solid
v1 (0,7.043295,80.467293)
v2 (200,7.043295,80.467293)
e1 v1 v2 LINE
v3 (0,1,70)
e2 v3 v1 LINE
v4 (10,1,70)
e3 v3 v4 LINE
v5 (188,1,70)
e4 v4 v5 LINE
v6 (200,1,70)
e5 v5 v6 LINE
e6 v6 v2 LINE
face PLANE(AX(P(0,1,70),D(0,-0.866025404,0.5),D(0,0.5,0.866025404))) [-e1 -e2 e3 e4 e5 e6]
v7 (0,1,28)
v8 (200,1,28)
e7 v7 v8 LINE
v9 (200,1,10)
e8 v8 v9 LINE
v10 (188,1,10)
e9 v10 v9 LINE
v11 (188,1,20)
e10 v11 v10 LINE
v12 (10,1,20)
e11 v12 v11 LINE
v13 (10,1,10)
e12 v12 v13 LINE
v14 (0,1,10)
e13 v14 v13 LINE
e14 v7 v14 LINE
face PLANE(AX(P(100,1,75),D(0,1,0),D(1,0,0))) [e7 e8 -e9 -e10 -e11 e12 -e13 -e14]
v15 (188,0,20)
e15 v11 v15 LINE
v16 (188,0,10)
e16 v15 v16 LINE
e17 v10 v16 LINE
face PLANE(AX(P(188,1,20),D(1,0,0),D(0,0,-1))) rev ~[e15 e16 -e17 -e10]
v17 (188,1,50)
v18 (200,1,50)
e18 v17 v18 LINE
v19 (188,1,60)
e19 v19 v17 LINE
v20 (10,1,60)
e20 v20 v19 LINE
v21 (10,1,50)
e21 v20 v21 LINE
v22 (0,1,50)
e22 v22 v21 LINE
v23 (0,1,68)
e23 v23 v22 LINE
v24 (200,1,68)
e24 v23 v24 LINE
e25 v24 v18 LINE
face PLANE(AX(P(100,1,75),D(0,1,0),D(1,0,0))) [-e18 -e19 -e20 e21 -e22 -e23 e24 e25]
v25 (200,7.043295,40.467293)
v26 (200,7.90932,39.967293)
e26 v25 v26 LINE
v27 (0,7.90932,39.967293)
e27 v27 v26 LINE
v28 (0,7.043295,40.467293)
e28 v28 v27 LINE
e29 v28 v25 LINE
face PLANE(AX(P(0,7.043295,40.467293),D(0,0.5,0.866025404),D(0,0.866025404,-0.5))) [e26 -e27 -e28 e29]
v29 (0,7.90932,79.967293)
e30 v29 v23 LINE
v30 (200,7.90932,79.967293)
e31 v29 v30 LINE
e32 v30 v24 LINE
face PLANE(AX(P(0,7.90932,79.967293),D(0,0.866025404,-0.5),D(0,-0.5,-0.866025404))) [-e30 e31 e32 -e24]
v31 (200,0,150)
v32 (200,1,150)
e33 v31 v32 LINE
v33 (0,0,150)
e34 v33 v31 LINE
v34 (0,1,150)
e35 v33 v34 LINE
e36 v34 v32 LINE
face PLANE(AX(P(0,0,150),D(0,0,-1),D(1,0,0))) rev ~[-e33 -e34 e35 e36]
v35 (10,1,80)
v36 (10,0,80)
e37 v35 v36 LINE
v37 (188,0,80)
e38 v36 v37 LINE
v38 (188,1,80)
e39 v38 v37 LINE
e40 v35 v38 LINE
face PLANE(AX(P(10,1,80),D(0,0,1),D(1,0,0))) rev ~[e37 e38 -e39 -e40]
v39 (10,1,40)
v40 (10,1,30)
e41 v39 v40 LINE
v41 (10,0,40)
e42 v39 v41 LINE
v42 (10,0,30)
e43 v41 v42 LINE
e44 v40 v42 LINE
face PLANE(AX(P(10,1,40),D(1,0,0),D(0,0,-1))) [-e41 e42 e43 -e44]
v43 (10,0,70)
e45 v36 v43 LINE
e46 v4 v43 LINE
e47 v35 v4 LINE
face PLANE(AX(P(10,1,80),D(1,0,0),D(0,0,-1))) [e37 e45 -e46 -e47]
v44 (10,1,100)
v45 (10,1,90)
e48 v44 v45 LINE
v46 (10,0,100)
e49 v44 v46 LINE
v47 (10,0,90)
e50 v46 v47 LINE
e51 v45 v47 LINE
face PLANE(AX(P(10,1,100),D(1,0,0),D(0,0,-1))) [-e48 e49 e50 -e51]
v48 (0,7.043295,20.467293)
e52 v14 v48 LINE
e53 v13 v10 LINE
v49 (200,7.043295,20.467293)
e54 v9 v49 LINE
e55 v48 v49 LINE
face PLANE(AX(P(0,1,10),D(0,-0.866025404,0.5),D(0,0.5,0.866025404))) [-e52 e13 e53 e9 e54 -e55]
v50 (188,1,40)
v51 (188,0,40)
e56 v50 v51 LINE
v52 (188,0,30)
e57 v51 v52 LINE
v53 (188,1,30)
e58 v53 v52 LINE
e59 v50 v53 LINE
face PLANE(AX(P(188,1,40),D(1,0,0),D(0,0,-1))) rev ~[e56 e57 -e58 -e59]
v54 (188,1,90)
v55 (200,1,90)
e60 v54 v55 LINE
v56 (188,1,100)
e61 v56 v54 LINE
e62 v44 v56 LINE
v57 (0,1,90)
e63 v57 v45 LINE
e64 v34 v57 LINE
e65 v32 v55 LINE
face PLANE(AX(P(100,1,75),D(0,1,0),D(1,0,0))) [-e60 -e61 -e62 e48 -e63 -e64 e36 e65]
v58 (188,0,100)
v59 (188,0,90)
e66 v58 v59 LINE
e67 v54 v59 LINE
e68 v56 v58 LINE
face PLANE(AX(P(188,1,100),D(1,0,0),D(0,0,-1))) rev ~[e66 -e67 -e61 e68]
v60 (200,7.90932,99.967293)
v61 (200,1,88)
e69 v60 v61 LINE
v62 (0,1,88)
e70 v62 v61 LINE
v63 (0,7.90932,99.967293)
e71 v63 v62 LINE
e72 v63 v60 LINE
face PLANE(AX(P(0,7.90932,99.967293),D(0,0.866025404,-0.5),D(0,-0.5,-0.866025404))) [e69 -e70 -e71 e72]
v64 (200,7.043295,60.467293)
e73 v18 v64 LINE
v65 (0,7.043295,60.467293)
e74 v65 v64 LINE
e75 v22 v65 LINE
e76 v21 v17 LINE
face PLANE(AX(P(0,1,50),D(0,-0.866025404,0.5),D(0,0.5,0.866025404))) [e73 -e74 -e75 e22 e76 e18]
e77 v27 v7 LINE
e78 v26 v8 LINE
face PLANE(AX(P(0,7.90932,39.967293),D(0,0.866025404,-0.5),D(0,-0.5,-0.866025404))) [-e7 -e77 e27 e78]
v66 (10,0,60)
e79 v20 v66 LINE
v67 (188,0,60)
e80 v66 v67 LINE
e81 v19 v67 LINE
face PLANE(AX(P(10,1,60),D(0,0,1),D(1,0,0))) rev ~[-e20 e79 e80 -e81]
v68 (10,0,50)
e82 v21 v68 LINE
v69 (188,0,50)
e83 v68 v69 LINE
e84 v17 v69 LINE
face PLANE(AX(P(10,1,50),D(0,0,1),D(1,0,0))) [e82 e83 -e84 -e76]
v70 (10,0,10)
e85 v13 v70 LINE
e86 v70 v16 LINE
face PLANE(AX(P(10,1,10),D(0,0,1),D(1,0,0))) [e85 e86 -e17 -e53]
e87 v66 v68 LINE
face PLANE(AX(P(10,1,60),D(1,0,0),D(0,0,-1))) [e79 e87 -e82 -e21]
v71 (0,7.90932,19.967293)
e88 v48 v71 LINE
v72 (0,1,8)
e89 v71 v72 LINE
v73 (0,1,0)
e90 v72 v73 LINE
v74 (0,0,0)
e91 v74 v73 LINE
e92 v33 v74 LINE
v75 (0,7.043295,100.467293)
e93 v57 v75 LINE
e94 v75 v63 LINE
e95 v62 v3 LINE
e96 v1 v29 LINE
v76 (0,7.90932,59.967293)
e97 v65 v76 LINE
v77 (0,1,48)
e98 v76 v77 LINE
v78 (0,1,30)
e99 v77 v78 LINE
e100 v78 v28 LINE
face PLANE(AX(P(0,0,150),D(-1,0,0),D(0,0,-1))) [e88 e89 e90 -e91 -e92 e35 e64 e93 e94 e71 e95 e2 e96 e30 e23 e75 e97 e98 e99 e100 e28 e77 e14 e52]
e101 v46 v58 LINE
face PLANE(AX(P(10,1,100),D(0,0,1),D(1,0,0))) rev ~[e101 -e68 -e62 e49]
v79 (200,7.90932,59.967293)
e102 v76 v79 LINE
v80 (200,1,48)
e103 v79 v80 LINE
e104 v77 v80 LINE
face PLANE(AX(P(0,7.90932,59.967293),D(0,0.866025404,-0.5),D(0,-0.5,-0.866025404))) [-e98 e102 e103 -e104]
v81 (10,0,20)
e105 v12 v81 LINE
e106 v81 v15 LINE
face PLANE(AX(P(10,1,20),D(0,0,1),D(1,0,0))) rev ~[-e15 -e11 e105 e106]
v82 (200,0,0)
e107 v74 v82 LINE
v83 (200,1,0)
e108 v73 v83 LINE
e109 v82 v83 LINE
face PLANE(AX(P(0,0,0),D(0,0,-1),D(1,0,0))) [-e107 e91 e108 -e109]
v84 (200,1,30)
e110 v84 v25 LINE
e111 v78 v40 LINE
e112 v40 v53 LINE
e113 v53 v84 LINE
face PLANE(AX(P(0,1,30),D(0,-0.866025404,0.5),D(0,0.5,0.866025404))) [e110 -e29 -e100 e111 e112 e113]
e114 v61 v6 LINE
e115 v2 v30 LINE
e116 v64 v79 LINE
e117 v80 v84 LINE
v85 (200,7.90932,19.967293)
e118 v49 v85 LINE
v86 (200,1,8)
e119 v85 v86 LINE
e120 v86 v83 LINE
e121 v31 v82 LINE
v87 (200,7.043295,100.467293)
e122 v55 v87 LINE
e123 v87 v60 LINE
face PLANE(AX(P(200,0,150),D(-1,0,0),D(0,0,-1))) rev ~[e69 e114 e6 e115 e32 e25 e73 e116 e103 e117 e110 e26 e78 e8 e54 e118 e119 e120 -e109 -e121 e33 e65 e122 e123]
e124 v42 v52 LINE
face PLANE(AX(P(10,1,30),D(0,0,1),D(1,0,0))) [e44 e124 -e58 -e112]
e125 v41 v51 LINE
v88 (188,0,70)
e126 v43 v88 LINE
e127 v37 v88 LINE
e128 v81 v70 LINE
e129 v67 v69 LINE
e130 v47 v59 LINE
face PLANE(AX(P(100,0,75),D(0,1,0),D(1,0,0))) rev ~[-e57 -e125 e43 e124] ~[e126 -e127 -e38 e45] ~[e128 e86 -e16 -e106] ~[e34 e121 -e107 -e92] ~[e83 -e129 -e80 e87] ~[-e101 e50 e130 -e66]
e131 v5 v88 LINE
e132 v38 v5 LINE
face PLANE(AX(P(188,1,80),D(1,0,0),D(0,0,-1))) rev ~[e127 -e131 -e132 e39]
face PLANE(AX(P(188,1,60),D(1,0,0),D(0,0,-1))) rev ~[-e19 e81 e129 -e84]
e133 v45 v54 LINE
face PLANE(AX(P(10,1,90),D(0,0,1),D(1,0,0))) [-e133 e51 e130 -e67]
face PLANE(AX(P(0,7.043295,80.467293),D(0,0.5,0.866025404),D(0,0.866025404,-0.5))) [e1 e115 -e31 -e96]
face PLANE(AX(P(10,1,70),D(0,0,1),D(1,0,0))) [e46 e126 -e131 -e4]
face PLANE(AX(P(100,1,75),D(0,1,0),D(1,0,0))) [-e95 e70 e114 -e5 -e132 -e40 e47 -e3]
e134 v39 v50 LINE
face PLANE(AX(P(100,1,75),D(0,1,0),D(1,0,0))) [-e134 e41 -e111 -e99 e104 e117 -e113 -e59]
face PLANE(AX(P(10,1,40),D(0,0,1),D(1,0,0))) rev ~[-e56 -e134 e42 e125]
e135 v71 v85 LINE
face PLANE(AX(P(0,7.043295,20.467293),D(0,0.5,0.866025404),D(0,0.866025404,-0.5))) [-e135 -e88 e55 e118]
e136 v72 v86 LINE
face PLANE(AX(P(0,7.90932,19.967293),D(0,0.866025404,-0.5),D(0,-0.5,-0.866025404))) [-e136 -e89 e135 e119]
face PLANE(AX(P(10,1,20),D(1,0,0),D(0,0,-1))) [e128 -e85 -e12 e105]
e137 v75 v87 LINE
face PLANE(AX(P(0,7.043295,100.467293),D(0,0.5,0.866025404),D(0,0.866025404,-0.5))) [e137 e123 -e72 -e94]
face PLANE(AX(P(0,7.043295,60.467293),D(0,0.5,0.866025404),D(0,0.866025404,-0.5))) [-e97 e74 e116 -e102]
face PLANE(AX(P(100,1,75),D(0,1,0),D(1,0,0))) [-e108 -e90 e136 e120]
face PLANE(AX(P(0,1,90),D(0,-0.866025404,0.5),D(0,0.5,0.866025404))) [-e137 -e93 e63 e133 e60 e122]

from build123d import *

# Parameters (mm, degrees)
SKETCH_1_W             = 200
SKETCH_1_H             = 150
EXTRUDE_1_DEPTH        = 1
EXTRUDE_2_DEPTH        = 200
PATTERN_LINEAR_1_COUNT = 5
PATTERN_LINEAR_1_PITCH = 20
SKETCH_5_W             = 178
SKETCH_5_H             = 10
CUT_EXTRUDE_1_DEPTH    = 1
PATTERN_LINEAR_2_COUNT = 5
PATTERN_LINEAR_2_PITCH = 20


with BuildPart() as part:
    # 草图1 → 凸台-拉伸1 (new body)
    with BuildSketch(Plane(origin=(0, 0, 0), x_dir=(1, 0, 0), z_dir=(0, 1, 0))):
        with Locations((100, -75)):
            Rectangle(SKETCH_1_W, SKETCH_1_H)
    extrude(amount=EXTRUDE_1_DEPTH)

    # 草图4 → 凸台-拉伸2 (add)
    with BuildSketch(Plane.ZY):
        Polygon((8, 1), (10, 1), (20.467293485, 7.043294711), (19.967293485, 7.909320115), align=None)
    extrude_2 = extrude(amount=-EXTRUDE_2_DEPTH)

    # 阵列(线性)1: 凸台-拉伸2 ×5
    with Locations(*[(0, 0, i * PATTERN_LINEAR_1_PITCH) for i in range(1, PATTERN_LINEAR_1_COUNT)]):
        add(extrude_2)

    # 草图5 → 切除-拉伸1 (cut)
    with BuildSketch(Plane(origin=(0, 1, 0), x_dir=(1, 0, 0), z_dir=(0, 1, 0))):
        with Locations((99, -15)):
            Rectangle(SKETCH_5_W, SKETCH_5_H)
    cut_extrude_1 = extrude(amount=-CUT_EXTRUDE_1_DEPTH, mode=Mode.SUBTRACT)

    # 阵列(线性)2: 切除-拉伸1 ×5
    with Locations(*[(0, 0, i * PATTERN_LINEAR_2_PITCH) for i in range(1, PATTERN_LINEAR_2_COUNT)]):
        add(cut_extrude_1, mode=Mode.SUBTRACT)


solid = part.part
